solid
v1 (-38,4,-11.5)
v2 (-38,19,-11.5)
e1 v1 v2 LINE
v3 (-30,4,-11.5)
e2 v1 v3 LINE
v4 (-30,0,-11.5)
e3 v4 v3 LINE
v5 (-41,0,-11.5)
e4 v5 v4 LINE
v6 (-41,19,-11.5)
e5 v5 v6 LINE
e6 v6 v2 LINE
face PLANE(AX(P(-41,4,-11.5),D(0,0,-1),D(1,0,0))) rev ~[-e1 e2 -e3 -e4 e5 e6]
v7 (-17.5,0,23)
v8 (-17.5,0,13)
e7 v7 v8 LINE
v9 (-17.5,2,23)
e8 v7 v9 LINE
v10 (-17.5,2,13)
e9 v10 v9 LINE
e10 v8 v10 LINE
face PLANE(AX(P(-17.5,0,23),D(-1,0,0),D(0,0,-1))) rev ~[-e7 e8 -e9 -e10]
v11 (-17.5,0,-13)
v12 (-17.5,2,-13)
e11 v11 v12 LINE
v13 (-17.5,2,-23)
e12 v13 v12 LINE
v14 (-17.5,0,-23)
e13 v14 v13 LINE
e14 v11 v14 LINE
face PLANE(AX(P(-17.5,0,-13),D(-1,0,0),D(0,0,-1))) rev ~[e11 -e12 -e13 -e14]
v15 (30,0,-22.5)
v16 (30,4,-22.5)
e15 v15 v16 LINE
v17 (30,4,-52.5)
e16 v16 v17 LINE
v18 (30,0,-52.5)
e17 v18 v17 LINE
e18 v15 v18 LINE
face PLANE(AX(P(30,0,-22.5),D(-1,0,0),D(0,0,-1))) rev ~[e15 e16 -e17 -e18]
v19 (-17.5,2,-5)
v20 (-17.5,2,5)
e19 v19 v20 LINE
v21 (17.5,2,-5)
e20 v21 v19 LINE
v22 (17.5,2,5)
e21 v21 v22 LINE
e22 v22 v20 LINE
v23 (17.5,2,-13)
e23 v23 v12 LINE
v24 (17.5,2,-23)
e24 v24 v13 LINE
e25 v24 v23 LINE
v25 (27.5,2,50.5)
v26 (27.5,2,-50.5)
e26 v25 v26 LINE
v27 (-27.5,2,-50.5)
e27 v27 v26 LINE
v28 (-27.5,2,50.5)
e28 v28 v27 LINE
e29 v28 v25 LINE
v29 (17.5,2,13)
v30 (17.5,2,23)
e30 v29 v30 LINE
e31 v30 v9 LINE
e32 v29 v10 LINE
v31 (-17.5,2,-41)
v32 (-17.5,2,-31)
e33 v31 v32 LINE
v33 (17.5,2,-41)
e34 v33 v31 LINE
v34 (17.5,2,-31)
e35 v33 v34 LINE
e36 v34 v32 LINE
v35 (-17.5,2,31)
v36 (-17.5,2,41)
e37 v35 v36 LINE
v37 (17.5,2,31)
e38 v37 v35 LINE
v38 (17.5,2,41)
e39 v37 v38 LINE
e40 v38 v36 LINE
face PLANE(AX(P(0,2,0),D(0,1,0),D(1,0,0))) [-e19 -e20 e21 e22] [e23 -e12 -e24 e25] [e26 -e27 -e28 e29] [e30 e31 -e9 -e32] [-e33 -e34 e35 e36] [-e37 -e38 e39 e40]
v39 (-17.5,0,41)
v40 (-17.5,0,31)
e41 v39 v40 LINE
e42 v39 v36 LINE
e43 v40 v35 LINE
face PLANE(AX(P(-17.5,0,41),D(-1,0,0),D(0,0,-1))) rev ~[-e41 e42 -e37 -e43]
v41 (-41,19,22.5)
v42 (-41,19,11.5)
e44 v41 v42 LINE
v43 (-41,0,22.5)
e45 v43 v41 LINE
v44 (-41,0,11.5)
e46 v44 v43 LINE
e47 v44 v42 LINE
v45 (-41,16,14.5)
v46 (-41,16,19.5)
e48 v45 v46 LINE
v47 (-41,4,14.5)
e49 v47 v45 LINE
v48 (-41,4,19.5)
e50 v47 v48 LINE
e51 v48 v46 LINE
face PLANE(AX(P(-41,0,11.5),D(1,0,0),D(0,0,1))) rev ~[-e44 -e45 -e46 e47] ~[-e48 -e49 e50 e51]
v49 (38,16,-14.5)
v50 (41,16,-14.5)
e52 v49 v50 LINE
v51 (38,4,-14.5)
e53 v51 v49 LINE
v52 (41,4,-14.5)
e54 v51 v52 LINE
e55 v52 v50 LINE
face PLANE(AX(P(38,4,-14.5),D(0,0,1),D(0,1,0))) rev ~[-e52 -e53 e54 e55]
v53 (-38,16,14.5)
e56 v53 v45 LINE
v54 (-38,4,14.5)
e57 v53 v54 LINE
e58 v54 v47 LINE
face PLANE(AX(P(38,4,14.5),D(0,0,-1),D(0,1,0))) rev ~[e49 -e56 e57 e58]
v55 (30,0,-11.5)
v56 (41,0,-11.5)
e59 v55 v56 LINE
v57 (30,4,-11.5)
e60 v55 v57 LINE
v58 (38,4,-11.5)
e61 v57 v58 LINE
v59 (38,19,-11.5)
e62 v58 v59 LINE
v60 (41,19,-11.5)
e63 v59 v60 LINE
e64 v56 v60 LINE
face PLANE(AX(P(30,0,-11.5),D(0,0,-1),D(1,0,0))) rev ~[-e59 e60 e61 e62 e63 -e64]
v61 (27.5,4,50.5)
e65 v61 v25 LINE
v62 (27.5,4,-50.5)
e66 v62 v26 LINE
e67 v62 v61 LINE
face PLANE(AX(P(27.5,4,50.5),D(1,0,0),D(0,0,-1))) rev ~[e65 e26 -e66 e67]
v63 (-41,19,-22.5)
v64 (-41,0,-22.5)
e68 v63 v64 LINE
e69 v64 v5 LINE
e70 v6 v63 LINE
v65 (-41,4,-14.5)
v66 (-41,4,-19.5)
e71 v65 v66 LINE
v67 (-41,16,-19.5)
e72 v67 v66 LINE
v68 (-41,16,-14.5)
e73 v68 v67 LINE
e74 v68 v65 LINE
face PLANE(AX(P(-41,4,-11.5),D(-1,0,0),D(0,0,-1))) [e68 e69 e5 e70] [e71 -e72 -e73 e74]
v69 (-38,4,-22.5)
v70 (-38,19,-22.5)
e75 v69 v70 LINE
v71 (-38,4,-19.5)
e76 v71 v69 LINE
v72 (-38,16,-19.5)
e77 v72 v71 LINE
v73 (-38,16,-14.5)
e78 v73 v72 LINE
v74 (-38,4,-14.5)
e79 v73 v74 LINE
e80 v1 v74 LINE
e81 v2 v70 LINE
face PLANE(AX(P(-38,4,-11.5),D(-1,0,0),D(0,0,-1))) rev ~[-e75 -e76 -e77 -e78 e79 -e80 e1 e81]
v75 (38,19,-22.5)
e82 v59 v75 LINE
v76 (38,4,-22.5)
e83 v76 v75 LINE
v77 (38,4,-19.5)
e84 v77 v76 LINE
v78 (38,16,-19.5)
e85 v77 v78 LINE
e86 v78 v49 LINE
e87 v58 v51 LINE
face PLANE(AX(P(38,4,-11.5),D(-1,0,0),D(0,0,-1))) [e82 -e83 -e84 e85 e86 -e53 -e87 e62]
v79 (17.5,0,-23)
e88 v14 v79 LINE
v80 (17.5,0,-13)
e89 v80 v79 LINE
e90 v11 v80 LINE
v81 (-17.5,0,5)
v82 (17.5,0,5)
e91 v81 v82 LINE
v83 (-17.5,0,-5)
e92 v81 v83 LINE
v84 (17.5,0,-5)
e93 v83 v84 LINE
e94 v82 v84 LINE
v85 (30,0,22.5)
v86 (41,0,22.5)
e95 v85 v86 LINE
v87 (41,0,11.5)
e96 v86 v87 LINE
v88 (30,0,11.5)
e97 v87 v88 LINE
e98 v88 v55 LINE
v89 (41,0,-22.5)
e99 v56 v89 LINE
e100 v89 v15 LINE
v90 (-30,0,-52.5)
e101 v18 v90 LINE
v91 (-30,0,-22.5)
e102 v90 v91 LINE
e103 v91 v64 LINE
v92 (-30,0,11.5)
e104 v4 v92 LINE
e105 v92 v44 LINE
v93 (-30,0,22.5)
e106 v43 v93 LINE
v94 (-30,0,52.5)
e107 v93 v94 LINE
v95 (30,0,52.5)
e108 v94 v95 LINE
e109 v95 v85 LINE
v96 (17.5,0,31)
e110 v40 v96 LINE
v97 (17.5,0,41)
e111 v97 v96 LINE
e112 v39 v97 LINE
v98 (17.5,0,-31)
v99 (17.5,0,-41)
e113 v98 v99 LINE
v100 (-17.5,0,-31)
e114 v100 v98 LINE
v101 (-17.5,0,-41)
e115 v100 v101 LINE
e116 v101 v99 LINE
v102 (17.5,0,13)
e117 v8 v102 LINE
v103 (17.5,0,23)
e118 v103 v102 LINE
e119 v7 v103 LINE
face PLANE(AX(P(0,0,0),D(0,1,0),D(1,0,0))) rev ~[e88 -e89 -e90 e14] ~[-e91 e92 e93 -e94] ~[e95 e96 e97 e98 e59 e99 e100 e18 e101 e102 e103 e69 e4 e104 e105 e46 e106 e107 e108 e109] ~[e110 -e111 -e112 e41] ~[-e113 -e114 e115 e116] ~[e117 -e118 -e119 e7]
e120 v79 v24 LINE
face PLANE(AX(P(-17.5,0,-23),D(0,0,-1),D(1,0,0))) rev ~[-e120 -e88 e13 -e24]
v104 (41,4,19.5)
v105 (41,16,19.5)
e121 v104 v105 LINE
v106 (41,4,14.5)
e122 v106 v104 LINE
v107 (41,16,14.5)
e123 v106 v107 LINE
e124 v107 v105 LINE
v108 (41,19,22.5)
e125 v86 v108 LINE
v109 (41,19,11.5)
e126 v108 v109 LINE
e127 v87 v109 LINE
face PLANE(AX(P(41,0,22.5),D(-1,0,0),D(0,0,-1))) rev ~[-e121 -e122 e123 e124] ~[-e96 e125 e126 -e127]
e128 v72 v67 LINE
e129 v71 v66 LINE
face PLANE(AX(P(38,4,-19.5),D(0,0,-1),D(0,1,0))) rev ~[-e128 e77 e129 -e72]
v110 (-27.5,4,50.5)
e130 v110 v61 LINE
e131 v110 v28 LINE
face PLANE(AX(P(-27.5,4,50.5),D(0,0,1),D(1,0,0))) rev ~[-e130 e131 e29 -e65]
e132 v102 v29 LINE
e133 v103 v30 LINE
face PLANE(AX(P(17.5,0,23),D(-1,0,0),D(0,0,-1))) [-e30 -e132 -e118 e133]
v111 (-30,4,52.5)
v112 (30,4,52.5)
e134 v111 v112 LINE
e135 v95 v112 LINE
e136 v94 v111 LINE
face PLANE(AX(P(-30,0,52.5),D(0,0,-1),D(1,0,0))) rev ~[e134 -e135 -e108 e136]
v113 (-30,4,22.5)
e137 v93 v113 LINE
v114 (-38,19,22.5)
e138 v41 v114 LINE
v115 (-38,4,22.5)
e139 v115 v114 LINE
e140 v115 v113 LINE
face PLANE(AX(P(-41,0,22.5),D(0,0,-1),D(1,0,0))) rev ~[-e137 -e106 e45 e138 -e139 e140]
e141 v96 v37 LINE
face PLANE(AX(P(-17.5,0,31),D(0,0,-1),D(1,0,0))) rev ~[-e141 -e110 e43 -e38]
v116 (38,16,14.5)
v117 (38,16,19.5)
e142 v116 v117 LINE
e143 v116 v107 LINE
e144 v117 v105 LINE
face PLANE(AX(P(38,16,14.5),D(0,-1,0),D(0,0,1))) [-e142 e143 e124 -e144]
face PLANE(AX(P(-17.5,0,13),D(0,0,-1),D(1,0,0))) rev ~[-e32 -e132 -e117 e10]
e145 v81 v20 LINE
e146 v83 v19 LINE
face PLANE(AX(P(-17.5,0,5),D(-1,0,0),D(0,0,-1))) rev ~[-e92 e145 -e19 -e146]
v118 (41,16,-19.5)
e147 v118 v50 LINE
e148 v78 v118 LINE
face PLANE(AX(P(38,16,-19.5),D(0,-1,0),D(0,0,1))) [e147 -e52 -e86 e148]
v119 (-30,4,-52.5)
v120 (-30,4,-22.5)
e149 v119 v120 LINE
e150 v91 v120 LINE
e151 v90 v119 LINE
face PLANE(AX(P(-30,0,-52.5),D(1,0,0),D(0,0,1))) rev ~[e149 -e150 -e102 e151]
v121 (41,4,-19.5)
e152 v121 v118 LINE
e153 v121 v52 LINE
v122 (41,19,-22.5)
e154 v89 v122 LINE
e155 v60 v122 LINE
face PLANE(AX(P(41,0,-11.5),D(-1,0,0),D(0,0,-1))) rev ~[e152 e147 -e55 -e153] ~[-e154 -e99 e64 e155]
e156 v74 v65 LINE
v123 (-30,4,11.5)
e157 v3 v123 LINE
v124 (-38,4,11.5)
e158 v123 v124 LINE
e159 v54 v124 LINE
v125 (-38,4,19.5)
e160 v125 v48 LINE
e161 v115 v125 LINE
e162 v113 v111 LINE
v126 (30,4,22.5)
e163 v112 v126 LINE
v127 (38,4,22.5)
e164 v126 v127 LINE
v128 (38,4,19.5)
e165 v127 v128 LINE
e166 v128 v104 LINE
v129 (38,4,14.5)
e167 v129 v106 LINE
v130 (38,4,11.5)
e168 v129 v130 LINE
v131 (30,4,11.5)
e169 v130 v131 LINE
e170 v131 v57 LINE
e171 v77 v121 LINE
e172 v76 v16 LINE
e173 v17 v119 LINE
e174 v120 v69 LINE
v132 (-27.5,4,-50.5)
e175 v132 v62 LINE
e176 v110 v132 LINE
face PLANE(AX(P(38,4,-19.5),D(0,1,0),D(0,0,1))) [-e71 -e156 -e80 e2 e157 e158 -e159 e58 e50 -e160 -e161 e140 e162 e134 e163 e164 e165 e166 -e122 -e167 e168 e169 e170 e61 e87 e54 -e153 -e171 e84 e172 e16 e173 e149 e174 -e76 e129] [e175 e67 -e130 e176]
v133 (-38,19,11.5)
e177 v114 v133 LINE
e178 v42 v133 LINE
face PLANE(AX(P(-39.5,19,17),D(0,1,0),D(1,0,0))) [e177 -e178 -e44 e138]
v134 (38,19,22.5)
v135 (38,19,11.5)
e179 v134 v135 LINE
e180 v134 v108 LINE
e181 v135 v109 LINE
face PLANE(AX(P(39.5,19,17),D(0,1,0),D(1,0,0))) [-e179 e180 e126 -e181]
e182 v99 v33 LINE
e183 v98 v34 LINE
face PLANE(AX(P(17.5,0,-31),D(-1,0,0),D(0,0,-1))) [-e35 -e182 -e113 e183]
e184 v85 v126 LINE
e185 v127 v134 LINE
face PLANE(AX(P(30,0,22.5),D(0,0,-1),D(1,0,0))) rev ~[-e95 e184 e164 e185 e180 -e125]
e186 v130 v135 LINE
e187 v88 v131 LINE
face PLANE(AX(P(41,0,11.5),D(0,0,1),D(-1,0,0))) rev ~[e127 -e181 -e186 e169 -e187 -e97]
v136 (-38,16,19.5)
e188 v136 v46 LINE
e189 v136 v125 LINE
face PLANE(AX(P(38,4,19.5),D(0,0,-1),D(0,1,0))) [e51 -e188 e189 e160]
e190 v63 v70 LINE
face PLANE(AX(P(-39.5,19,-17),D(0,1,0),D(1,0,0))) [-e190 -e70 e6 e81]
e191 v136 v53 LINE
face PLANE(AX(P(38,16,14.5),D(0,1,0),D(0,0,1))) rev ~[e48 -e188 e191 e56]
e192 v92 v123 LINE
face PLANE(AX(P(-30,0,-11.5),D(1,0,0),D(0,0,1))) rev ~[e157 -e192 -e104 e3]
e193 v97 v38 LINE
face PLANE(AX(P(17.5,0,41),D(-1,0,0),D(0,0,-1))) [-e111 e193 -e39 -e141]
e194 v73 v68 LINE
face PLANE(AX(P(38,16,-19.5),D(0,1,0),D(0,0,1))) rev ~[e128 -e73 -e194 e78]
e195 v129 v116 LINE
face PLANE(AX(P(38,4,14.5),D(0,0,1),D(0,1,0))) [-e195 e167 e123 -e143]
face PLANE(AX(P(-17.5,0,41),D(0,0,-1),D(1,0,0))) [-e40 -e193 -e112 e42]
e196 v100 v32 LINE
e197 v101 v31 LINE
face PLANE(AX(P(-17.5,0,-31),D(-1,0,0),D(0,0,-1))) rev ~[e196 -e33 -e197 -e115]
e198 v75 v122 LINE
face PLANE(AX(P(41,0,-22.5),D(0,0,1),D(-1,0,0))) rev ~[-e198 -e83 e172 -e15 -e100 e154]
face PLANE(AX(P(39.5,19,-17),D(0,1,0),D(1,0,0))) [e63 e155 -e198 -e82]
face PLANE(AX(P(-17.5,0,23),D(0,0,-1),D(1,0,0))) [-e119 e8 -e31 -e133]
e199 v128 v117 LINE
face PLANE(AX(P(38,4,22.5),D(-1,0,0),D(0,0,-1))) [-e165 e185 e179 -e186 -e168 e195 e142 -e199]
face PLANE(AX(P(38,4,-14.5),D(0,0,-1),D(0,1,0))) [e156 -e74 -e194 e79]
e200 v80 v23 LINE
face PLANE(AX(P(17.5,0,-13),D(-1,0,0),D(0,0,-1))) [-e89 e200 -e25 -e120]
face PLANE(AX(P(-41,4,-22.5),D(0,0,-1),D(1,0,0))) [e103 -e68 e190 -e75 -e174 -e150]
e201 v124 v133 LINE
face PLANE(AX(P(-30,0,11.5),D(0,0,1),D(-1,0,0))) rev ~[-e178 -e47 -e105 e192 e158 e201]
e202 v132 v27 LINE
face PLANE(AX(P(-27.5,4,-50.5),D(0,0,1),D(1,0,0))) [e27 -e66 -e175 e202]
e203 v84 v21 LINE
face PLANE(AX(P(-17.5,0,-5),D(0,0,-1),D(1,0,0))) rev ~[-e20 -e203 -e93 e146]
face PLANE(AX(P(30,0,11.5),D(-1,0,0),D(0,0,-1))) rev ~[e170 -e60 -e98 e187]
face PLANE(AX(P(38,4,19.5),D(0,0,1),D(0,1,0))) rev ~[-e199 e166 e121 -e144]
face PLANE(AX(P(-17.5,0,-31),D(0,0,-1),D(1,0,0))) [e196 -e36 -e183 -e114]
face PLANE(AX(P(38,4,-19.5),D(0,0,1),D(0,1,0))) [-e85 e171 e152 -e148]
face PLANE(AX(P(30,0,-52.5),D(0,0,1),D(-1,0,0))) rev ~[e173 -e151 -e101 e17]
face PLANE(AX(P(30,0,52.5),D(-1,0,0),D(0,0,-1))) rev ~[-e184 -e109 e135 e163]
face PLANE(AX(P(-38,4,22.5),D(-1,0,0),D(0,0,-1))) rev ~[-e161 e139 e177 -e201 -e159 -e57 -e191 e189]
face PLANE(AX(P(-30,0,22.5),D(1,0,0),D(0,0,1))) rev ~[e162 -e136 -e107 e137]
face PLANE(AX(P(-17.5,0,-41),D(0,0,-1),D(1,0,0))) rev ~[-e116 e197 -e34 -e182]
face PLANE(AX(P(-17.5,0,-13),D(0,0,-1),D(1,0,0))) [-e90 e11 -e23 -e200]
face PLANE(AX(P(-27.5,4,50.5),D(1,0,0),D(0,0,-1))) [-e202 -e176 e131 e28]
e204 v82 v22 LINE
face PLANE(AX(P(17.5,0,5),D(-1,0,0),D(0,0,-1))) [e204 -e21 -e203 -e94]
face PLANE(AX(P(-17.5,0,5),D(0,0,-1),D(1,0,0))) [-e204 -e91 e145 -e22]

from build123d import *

# Parameters (mm, degrees)
SALIENTE_EXTRUIR1_DEPTH    = 4
CROQUIS2_W                 = 55
CROQUIS2_H                 = 101
CORTAR_EXTRUIR1_DEPTH      = 2
CROQUIS12_W                = 3
CROQUIS12_H                = 11
SALIENTE_EXTRUIR2_DEPTH    = 15
CROQUIS13_W                = 5
CROQUIS13_H                = 12
CORTAR_EXTRUIR8_DEPTH      = 80
CORTAR_EXTRUIR8_DEPTH_BACK = 4
CROQUIS14_W                = 5
CROQUIS14_H                = 12
CORTAR_EXTRUIR9_DEPTH      = 80
CORTAR_EXTRUIR9_DEPTH_BACK = 4
CROQUIS15_W                = 35
CROQUIS15_H                = 10
CORTAR_EXTRUIR10_DEPTH     = 20


with BuildPart() as part:
    # Croquis1 → Saliente-Extruir1 (new body)
    with BuildSketch(Plane(origin=(0, 0, 0), x_dir=(1, 0, 0), z_dir=(0, 1, 0))):
        Polygon((30, -52.5), (30, -22.5), (41, -22.5), (41, -11.5), (30, -11.5), (30, 11.5), (41, 11.5), (41, 22.5), (30, 22.5), (30, 52.5), (-30, 52.5), (-30, 22.5), (-41, 22.5), (-41, 11.5), (-30, 11.5), (-30, -11.5), (-41, -11.5), (-41, -22.5), (-30, -22.5), (-30, -52.5), align=None)
    extrude(amount=SALIENTE_EXTRUIR1_DEPTH)

    # Croquis2 → Cortar-Extruir1 (cut)
    with BuildSketch(Plane(origin=(0, 4, 0), x_dir=(1, 0, 0), z_dir=(0, 1, 0))):
        Rectangle(CROQUIS2_W, CROQUIS2_H)
    extrude(amount=-CORTAR_EXTRUIR1_DEPTH, mode=Mode.SUBTRACT)

    # Croquis12 → Saliente-Extruir2 (add)
    with BuildSketch(Plane(origin=(0, 4, 0), x_dir=(1, 0, 0), z_dir=(0, 1, 0))):
        with Locations((-39.5, 17)):
            Rectangle(CROQUIS12_W, CROQUIS12_H)
        with Locations((-39.5, -17)):
            Rectangle(CROQUIS12_W, CROQUIS12_H)
        with Locations((39.5, -17)):
            Rectangle(CROQUIS12_W, CROQUIS12_H)
        with Locations((39.5, 17)):
            Rectangle(CROQUIS12_W, CROQUIS12_H)
    extrude(amount=SALIENTE_EXTRUIR2_DEPTH)

    # Croquis13 → Cortar-Extruir8 (cut, two sides)
    with BuildSketch(Plane.ZY.offset(-38)) as cortar_extruir8_sk:
        with Locations((-17, 10)):
            Rectangle(CROQUIS13_W, CROQUIS13_H)
    extrude(amount=CORTAR_EXTRUIR8_DEPTH, mode=Mode.SUBTRACT)
    extrude(cortar_extruir8_sk.sketch, amount=-CORTAR_EXTRUIR8_DEPTH_BACK, mode=Mode.SUBTRACT)

    # Croquis14 → Cortar-Extruir9 (cut, two sides)
    with BuildSketch(Plane.ZY.offset(-38)) as cortar_extruir9_sk:
        with Locations((17, 10)):
            Rectangle(CROQUIS14_W, CROQUIS14_H)
    extrude(amount=CORTAR_EXTRUIR9_DEPTH, mode=Mode.SUBTRACT)
    extrude(cortar_extruir9_sk.sketch, amount=-CORTAR_EXTRUIR9_DEPTH_BACK, mode=Mode.SUBTRACT)

    # Croquis15 → Cortar-Extruir10 (cut, through all)
    with BuildSketch(Plane(origin=(0, 0, 0), x_dir=(1, 0, 0), z_dir=(0, 1, 0))):
        Rectangle(CROQUIS15_W, CROQUIS15_H)
        with Locations((0, -18)):
            Rectangle(CROQUIS15_W, CROQUIS15_H)
        with Locations((0, -36)):
            Rectangle(CROQUIS15_W, CROQUIS15_H)
        with Locations((0, 18)):
            Rectangle(CROQUIS15_W, CROQUIS15_H)
        with Locations((0, 36)):
            Rectangle(CROQUIS15_W, CROQUIS15_H)
    extrude(amount=CORTAR_EXTRUIR10_DEPTH, mode=Mode.SUBTRACT)


solid = part.part
